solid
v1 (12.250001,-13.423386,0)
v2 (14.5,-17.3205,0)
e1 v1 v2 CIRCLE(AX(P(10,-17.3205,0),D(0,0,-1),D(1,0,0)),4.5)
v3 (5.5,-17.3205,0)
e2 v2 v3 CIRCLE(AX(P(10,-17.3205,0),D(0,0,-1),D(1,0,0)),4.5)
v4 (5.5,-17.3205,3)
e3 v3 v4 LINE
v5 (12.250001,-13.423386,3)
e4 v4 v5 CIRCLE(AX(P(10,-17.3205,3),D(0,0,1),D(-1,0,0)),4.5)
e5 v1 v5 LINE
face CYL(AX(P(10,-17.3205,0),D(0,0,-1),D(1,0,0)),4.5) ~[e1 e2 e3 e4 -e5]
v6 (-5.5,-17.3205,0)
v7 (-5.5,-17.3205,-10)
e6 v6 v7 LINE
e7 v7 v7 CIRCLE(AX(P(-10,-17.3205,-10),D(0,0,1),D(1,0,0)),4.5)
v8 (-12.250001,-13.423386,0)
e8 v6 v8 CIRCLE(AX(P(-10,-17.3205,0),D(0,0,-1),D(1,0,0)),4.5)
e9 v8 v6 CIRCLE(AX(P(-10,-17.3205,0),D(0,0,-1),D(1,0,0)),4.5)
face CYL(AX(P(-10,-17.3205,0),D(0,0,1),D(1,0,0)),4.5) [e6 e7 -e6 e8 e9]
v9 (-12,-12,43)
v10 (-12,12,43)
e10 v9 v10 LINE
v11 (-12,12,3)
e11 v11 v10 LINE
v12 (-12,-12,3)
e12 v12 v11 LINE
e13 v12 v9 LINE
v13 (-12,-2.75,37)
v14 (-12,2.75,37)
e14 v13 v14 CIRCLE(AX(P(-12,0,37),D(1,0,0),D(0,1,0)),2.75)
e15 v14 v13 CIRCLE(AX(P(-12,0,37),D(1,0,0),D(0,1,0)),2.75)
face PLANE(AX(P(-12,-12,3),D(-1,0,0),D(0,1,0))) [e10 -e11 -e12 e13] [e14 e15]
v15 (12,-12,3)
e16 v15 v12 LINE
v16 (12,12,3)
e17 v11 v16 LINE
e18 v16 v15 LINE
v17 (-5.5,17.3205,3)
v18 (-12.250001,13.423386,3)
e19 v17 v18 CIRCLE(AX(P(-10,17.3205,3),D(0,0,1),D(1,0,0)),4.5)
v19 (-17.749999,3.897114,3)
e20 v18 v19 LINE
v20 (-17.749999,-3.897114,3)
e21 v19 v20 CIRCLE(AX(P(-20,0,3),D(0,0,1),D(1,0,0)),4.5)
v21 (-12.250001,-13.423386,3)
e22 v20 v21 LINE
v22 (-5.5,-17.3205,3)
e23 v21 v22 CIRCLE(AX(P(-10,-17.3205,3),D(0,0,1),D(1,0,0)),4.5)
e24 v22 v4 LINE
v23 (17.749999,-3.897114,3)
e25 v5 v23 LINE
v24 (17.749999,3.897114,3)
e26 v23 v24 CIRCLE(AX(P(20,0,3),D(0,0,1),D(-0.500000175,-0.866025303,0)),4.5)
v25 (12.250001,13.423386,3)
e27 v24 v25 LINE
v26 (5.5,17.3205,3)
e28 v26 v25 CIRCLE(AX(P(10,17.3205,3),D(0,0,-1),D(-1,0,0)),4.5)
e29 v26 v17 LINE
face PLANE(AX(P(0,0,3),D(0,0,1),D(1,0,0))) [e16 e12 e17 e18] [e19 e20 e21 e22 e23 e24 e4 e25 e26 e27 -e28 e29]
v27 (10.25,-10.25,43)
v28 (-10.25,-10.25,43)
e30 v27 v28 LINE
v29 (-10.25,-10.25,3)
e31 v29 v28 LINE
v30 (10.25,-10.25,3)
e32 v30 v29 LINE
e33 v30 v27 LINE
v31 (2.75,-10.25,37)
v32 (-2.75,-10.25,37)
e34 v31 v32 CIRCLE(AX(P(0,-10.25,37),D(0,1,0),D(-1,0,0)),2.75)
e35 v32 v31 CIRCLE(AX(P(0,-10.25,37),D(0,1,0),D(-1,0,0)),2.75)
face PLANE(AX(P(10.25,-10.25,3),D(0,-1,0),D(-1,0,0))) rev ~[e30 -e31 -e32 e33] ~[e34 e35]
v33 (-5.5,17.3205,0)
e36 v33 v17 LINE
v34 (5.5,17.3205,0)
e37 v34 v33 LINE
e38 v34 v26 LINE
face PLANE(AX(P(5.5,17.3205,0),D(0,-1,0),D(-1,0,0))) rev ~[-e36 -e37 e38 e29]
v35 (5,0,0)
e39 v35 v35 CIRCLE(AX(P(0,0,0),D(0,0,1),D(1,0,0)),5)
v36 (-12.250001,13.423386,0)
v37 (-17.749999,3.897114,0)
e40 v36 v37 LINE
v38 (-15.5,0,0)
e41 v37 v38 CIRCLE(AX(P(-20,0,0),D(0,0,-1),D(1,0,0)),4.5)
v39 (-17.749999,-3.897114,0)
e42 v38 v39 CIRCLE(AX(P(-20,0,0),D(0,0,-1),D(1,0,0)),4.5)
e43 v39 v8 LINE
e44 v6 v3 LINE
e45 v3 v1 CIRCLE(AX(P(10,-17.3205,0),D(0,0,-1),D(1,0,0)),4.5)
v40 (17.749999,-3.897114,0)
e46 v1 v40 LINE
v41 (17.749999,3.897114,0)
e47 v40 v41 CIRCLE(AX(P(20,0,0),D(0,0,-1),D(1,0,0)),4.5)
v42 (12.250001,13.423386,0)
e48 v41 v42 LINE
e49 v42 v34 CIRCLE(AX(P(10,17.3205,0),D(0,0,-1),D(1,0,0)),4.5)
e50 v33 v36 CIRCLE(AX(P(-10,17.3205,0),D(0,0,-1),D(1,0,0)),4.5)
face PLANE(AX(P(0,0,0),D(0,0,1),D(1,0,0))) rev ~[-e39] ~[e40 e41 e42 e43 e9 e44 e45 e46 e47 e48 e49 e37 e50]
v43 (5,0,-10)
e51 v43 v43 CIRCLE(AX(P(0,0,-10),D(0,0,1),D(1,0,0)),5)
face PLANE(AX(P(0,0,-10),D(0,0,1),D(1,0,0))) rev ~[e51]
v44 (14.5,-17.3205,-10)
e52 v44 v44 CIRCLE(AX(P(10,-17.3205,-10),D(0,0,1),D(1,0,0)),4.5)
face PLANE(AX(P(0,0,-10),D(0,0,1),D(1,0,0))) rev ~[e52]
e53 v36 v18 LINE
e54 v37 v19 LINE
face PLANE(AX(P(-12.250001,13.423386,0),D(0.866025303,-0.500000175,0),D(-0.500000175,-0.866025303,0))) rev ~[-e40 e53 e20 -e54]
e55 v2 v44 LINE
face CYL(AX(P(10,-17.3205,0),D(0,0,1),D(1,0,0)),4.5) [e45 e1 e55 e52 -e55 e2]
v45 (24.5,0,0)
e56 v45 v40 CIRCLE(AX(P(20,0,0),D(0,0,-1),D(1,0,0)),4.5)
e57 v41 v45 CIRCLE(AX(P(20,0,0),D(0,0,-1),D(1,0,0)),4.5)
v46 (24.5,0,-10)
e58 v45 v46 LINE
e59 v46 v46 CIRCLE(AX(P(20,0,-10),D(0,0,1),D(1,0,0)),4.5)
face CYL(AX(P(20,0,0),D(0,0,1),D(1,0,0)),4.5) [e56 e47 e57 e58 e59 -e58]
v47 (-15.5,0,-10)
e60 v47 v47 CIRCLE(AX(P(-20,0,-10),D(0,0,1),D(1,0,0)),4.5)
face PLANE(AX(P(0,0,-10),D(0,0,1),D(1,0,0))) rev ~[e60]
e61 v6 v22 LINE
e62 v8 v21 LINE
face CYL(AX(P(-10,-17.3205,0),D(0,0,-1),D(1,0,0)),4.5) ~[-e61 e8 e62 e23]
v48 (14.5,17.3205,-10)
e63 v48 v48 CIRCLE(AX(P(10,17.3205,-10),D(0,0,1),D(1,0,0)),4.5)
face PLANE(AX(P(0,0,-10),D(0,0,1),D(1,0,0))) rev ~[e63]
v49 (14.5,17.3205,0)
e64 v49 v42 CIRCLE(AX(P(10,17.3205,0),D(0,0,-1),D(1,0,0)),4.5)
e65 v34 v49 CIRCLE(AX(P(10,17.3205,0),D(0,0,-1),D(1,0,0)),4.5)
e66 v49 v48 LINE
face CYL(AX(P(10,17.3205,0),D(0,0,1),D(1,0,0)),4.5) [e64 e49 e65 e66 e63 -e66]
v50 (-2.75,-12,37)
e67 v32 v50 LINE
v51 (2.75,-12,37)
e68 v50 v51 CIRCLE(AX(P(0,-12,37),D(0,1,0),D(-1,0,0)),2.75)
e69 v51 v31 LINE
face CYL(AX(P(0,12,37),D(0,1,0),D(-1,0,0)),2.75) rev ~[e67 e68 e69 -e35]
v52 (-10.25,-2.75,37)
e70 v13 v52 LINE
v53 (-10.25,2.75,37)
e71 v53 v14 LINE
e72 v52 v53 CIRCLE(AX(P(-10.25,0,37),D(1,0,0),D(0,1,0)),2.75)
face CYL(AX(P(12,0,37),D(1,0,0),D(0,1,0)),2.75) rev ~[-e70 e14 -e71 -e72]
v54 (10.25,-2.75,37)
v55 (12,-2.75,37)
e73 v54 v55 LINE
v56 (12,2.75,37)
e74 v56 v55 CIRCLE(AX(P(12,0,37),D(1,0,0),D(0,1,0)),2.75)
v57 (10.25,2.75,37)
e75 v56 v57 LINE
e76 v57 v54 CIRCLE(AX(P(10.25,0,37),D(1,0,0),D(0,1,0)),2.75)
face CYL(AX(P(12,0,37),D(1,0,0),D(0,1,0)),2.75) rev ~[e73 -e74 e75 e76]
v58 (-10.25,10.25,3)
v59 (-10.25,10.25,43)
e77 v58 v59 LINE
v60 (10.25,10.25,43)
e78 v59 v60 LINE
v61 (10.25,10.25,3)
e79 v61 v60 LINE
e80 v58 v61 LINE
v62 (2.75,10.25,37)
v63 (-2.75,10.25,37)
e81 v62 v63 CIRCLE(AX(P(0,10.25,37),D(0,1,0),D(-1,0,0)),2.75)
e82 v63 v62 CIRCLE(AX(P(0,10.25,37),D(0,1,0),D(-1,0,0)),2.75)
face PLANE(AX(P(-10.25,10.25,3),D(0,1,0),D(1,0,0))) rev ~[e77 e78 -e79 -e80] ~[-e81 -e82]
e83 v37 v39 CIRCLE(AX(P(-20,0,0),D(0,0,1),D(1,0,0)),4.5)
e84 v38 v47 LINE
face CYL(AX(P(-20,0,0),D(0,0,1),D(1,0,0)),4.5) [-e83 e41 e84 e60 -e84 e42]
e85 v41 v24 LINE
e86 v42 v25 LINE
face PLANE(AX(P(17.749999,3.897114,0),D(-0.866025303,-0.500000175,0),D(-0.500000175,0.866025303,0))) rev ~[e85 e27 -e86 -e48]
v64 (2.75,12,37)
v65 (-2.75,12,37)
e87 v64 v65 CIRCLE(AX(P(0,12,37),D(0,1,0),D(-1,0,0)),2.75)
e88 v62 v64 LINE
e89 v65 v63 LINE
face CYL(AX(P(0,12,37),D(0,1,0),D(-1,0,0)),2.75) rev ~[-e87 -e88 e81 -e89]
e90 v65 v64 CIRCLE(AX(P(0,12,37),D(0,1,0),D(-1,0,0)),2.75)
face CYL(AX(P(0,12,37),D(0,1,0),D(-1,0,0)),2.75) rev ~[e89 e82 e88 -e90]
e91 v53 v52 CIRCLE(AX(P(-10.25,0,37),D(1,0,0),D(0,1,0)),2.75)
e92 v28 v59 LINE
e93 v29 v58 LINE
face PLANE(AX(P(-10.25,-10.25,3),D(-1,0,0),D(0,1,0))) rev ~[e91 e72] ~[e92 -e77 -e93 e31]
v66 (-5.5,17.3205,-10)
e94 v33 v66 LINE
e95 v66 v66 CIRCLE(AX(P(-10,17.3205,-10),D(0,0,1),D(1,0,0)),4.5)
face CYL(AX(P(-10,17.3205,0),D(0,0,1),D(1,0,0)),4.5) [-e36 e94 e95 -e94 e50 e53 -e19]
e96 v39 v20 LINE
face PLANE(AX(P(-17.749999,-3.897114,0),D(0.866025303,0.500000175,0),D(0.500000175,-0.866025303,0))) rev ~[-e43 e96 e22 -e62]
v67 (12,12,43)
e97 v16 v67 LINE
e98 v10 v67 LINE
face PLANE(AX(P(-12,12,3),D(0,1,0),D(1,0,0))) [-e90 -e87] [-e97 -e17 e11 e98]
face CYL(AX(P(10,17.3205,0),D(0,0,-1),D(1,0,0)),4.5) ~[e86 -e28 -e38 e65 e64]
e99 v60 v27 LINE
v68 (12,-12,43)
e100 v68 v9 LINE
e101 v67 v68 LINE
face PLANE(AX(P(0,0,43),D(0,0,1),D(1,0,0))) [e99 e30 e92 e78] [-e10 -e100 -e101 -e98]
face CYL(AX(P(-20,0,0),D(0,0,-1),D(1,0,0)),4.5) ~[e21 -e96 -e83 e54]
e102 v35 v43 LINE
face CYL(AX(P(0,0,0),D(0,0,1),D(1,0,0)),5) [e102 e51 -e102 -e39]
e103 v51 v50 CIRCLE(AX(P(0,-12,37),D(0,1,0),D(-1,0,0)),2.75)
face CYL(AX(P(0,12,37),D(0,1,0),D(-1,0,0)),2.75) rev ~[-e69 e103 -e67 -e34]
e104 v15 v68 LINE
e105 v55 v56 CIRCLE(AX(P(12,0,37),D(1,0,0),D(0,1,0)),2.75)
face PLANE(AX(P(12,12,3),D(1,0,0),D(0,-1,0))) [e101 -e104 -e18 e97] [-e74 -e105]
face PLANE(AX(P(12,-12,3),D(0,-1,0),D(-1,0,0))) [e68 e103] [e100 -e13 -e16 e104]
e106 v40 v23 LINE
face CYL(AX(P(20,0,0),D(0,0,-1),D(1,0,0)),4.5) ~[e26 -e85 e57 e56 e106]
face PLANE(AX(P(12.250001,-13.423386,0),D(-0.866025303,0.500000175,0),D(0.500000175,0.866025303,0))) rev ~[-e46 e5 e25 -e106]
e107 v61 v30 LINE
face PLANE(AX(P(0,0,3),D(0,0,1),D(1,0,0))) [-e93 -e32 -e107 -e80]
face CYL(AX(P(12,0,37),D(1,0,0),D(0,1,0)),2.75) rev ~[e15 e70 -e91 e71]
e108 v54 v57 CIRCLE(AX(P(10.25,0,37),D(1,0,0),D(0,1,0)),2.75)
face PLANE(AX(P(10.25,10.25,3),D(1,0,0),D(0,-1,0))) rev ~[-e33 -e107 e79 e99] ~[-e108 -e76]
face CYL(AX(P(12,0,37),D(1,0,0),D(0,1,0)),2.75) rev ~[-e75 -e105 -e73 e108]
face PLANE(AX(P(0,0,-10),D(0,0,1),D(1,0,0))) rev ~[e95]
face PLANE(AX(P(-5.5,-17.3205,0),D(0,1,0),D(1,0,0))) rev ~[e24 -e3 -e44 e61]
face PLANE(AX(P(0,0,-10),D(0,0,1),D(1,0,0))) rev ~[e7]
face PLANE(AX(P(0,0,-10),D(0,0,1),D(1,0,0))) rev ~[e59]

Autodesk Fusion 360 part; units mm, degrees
sketch "Sketch1" plane through (0, 0, 0) normal (0, 0, 1) x (1, 0, 0)
  circle A0 centre (0, 0) radius 5
  line L0 (10, 17.3205) -> (-10, 17.3205)
  line L1 (-10, 17.3205) -> (-20, 0)
  line L2 (-20, 0) -> (-10, -17.3205)
  line L3 (-10, -17.3205) -> (10, -17.3205)
  line L4 (10, -17.3205) -> (20, 0)
  line L5 (20, 0) -> (10, 17.3205)
  circle A1 centre (10, 17.3205) radius 4.5
  circle A2 centre (20, 0) radius 4.5
  circle A3 centre (10, -17.3205) radius 4.5
  circle A4 centre (-10, -17.3205) radius 4.5
  circle A5 centre (-20, 0) radius 4.5
  circle A6 centre (-10, 17.3205) radius 4.5
  dimension "d1" = 10
  dimension "d2" = 20
  dimension "d3" = 9
  dimension "d4" = 9
  dimension "d5" = 9
  dimension "d6" = 9
  dimension "d7" = 9
  dimension "d8" = 9
extrude "Extrude1" add sketch "Sketch1" against normal blind 10 contours A0 | L0 L1 A6 | L0 L1 A6 | L0 L5 A1 | L0 L5 A1 | L1 L2 A5 | L1 L2 A5 | L4 L5 A2 | L4 L5 A2 | L2 L3 A4 | L2 L3 A4 | L3 L4 A3 | L3 L4 A3 makes body 1 at (-5.5224, 17.7686, -3.3333) makes body 2 at (14.4776, -16.8725, -3.3333) makes body 3 at (14.4776, 17.7686, -3.3333) makes body 4 at (-15.5224, 0.4481, -3.3333) makes body 5 at (-5.5224, -16.8725, -3.3333) makes body 6 at (24.4944, -0.2243, -6.6667) makes body 7 at (4.9938, -0.2492, -6.6667)
extrude "Extrude2" add sketch "Sketch1" along normal blind 3 contours A0 | L0 L1 A6 | L0 L1 A6 | L0 L1 L2 L3 L4 L5 A1 A2 A3 A4 A5 A6 | L0 L5 A1 | L0 L5 A1 | L1 L2 A5 | L1 L2 A5 | L4 L5 A2 | L4 L5 A2 | L2 L3 A4 | L2 L3 A4 | L3 L4 A3 | L3 L4 A3 bodies 1 7 2 3 4 5 6
sketch "Sketch2" plane through (0, 0, 3) normal (0, 0, 1) x (1, 0, 0)
  line L0 (10.25, -10.25) -> (-10.25, -10.25)
  line L1 (-10.25, -10.25) -> (-10.25, 10.25)
  line L2 (-10.25, 10.25) -> (10.25, 10.25)
  line L3 (10.25, 10.25) -> (10.25, -10.25)
  line L4 (10.25, -10.25) -> (-10.25, 10.25) construction
  line L5 (-10.25, -10.25) -> (10.25, 10.25) construction
  line L6 (12, -12) -> (-12, -12)
  line L7 (-12, -12) -> (-12, 12)
  line L8 (-12, 12) -> (12, 12)
  line L9 (12, 12) -> (12, -12)
  line L10 (12, -12) -> (-12, 12) construction
  line L11 (-12, -12) -> (12, 12) construction
  arc A0 (-5.5, 17.3205) -> (-12.25, 13.4234) centre (-10, 17.3205) ccw
  line L12 (-12.25, 13.4234) -> (-17.75, 3.8971)
  arc A1 (-17.75, 3.8971) -> (-17.75, -3.8971) centre (-20, 0) ccw
  line L13 (-17.75, -3.8971) -> (-12.25, -13.4234)
  arc A2 (-12.25, -13.4234) -> (-5.5, -17.3205) centre (-10, -17.3205) ccw
  line L14 (-5.5, -17.3205) -> (5.5, -17.3205)
  arc A3 (5.5, -17.3205) -> (12.25, -13.4234) centre (10, -17.3205) ccw
  line L15 (12.25, -13.4234) -> (17.75, -3.8971)
  arc A4 (17.75, -3.8971) -> (17.75, 3.8971) centre (20, 0) ccw
  line L16 (17.75, 3.8971) -> (12.25, 13.4234)
  arc A5 (12.25, 13.4234) -> (5.5, 17.3205) centre (10, 17.3205) ccw
  line L17 (5.5, 17.3205) -> (-5.5, 17.3205)
  dimension "d13" = 20.5
  dimension "d14" = 20.5
  dimension "d15" = 24
  dimension "d16" = 24
extrude "Extrude3" add sketch "Sketch2" along normal blind 40 contours L6 L7 L8 L9 bodies 1
sketch "Sketch3" plane through (12, 0, 0) normal (1, 0, 0) x (0, 1, 0)
  line L0 (-12, 3) -> (12, 3)
  line L1 (12, 3) -> (12, 43)
  line L2 (12, 43) -> (-12, 43)
  line L3 (-12, 43) -> (-12, 3)
  circle A0 centre (0, 37) radius 2.75
  dimension "d19" = 5.5
extrude "Extrude4" cut sketch "Sketch3" against normal blind 31 contours A0 bodies 1
pattern_circular "C-Pattern1" count 4 over 360 about axis through (0, 0, 1.75) along (0, 0, 1) of "Extrude4"
